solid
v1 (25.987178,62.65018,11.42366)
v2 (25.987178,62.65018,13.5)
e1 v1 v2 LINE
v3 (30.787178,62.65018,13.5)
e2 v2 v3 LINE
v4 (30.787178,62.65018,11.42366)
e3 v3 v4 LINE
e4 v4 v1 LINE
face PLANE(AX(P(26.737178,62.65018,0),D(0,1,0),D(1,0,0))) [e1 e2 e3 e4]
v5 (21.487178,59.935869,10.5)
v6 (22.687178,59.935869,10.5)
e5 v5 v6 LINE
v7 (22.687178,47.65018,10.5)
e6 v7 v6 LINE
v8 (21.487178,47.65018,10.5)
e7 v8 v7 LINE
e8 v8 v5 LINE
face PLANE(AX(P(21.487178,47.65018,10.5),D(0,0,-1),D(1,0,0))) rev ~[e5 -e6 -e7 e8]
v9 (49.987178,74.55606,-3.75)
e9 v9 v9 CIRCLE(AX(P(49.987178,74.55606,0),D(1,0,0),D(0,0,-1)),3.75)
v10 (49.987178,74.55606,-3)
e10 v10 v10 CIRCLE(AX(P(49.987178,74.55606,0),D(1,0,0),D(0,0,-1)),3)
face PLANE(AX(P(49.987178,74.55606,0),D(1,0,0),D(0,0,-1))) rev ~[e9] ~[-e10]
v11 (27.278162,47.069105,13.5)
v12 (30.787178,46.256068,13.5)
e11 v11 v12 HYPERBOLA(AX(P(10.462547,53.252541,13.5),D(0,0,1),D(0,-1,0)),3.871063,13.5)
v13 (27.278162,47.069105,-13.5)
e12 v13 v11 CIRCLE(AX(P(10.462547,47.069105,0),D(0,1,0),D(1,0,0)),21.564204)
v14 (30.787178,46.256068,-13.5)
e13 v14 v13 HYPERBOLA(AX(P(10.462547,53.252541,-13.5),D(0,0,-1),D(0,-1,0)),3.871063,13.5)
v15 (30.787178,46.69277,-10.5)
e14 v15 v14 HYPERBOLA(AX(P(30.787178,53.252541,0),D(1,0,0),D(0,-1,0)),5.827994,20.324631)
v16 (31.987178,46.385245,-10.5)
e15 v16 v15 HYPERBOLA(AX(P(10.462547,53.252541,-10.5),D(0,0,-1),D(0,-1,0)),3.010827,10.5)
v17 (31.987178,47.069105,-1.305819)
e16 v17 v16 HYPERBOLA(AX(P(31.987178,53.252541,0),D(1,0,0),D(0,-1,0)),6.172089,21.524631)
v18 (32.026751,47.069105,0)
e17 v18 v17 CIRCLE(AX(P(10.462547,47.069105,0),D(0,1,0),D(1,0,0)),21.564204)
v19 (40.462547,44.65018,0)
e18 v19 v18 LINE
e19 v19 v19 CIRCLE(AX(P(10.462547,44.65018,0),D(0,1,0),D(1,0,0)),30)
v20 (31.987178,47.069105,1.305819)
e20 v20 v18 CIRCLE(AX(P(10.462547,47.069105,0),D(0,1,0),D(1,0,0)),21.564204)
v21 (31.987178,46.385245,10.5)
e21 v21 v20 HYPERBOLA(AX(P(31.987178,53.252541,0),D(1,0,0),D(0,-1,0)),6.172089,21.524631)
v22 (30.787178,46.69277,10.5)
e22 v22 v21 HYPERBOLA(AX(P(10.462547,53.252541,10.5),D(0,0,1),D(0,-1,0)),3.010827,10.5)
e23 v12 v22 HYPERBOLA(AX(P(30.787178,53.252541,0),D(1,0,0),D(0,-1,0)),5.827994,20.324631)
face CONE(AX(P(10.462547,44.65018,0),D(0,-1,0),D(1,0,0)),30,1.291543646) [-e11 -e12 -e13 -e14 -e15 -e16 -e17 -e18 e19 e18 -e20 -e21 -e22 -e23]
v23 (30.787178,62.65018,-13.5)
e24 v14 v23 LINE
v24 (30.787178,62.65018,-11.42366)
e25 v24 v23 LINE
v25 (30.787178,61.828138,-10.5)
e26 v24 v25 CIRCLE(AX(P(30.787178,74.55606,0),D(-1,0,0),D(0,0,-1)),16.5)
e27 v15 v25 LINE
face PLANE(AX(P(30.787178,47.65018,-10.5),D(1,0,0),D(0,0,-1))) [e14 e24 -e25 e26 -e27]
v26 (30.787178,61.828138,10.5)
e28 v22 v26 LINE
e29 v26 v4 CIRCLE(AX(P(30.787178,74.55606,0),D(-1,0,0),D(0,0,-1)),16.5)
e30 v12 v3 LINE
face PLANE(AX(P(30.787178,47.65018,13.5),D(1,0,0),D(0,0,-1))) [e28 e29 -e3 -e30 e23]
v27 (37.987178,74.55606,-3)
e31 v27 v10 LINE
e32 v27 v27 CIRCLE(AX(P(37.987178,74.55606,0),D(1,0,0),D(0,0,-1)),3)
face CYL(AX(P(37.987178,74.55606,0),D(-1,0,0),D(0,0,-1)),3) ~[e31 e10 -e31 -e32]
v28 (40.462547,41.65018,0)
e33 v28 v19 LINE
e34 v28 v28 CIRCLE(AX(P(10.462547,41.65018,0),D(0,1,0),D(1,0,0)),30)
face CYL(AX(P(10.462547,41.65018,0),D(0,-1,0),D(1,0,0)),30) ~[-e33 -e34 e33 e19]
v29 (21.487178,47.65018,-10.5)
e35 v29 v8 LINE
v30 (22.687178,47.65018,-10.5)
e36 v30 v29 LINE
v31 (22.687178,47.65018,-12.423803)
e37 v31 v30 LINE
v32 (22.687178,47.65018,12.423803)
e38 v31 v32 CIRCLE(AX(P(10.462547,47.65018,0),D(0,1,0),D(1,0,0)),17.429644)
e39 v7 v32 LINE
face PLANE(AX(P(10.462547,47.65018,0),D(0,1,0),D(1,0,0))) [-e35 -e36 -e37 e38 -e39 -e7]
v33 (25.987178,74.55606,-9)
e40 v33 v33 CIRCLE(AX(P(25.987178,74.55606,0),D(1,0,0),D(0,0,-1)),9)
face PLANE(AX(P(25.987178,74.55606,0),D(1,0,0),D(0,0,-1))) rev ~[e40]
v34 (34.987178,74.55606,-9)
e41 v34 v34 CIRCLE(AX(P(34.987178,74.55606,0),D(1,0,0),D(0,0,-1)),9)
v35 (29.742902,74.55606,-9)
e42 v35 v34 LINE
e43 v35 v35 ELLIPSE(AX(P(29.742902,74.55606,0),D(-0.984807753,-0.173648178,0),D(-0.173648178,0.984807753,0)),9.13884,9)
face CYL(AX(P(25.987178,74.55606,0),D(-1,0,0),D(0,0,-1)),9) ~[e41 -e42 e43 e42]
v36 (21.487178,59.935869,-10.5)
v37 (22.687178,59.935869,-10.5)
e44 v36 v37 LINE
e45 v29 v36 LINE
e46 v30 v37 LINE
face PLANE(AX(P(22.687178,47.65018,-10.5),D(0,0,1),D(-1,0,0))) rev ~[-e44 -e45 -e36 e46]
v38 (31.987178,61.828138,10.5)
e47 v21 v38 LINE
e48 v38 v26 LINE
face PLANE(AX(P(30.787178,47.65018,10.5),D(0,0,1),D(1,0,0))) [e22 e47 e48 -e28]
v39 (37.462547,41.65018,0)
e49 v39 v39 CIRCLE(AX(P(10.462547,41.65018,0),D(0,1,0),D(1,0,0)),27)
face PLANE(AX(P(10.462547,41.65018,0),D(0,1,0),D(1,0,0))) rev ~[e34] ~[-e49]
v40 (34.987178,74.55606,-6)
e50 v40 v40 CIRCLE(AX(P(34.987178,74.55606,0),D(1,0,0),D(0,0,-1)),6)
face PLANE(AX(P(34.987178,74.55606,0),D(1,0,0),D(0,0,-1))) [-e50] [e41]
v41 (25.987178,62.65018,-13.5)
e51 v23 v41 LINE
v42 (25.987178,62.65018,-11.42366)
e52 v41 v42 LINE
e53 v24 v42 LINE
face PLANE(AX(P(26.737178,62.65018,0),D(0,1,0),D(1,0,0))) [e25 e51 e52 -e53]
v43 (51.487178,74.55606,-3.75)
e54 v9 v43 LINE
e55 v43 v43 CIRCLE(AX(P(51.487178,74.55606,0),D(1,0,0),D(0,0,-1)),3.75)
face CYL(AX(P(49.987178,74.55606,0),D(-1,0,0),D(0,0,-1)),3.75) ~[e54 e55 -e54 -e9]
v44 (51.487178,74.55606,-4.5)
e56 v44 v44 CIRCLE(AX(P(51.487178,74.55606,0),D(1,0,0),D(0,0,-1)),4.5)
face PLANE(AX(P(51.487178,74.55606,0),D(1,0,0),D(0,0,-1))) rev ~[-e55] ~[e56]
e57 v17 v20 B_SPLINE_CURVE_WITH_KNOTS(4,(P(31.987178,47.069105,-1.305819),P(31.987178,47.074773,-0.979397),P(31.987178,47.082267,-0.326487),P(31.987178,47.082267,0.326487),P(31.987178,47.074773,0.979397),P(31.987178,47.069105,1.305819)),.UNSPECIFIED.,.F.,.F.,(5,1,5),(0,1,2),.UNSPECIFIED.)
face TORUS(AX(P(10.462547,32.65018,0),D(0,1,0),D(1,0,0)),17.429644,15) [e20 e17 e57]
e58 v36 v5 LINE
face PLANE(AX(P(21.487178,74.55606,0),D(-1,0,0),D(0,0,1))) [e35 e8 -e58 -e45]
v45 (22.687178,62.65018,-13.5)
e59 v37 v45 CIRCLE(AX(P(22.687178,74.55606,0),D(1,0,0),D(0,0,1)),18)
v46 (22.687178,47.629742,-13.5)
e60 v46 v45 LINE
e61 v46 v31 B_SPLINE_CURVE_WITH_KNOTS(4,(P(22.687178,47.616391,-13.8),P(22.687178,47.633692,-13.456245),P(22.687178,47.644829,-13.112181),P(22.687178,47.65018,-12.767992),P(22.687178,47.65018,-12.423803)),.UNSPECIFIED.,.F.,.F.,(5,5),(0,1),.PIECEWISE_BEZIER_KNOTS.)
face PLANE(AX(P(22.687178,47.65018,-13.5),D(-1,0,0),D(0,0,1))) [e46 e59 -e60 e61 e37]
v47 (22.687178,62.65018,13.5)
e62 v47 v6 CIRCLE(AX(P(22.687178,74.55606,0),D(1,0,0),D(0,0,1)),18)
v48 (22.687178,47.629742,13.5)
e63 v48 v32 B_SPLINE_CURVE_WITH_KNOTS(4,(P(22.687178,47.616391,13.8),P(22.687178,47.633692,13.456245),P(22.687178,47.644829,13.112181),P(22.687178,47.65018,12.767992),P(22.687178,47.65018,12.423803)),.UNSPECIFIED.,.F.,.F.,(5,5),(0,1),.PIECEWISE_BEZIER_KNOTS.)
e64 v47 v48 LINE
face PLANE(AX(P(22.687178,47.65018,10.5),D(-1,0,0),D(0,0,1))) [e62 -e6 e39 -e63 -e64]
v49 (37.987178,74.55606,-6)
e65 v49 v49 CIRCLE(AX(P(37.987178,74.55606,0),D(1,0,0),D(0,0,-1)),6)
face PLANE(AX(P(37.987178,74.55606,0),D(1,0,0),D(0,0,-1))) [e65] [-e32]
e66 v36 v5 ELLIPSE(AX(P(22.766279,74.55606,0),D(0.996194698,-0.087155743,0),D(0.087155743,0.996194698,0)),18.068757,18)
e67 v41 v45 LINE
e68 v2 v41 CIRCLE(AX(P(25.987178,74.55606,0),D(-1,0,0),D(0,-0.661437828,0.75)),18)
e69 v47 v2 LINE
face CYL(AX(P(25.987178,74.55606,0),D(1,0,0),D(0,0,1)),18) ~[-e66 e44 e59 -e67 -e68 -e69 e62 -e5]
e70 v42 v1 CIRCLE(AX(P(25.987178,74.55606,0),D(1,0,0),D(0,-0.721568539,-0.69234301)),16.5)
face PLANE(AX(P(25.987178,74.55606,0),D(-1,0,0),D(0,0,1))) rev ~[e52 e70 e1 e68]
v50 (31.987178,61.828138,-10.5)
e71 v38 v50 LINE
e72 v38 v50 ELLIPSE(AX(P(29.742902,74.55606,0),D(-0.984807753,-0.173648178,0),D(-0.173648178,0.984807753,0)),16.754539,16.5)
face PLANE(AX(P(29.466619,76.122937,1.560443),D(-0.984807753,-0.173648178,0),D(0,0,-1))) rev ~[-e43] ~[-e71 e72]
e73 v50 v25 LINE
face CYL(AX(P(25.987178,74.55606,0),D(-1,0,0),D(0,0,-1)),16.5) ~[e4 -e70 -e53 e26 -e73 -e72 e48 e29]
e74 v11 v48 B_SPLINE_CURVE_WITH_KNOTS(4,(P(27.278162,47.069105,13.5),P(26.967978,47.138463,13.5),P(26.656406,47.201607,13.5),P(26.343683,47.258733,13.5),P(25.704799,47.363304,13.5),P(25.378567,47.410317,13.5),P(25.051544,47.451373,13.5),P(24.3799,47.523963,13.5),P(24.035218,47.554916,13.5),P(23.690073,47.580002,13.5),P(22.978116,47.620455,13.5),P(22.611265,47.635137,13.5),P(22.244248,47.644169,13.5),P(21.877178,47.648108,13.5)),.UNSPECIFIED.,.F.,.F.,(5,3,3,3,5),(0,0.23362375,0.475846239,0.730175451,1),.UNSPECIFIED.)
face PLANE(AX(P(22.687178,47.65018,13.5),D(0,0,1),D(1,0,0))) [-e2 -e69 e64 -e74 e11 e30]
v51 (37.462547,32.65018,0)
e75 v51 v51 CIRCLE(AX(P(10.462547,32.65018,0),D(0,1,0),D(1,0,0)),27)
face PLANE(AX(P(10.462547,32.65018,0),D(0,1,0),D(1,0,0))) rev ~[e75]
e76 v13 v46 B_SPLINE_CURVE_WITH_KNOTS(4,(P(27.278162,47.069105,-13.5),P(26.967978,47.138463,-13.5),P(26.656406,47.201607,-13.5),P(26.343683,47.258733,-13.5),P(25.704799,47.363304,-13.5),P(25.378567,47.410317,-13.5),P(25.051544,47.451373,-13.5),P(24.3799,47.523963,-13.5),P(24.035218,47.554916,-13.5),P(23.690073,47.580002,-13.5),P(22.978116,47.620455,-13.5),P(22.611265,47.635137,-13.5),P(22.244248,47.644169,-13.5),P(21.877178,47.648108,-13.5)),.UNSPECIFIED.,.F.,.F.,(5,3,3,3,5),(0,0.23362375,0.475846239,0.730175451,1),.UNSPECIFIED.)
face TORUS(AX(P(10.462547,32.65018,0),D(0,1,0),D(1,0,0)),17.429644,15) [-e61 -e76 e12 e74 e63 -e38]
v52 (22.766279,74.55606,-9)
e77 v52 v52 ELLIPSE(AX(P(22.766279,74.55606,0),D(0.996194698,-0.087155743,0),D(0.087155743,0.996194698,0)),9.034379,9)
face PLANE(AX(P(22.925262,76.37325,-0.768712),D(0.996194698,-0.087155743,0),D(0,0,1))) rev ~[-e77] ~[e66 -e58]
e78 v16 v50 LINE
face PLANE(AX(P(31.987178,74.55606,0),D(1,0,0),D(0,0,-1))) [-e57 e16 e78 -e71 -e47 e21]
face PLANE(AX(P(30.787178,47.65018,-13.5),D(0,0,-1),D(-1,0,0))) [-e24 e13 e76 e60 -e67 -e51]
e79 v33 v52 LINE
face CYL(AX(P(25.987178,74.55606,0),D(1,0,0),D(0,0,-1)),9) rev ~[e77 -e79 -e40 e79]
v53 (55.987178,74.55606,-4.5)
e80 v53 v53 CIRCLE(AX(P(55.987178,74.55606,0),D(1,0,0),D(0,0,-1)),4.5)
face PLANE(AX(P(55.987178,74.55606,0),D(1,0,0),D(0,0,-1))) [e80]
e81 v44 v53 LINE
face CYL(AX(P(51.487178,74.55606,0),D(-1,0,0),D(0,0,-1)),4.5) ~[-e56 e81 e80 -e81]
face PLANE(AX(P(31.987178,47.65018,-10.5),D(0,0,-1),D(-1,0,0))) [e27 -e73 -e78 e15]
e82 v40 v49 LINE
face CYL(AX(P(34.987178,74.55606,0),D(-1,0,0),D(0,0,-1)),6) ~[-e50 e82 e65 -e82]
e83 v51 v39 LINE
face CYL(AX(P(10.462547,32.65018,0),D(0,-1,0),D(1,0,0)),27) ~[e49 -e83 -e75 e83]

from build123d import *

# Parameters (mm, degrees)
SKETCH2_R                = 90
BOSS_EXTRUDE1_DEPTH      = 30
SKETCH3_R                = 100
BOSS_EXTRUDE2_DEPTH      = 20
CHAMFER1_SIZE            = 10
CHAMFER1_SIZE2           = 34.874144438
FILLET1_R                = 50
BOSS_EXTRUDE4_DEPTH      = 50
BOSS_EXTRUDE4_DEPTH_BACK = 5
SKETCH6_R                = 60
BOSS_EXTRUDE5_DEPTH      = 15
SKETCH7_R                = 55
SKETCH7_R_2              = 30
BOSS_EXTRUDE7_DEPTH      = 20
SKETCH9_W                = 143.392234206
SKETCH9_H                = 131.269767686
CUT_EXTRUDE1_DEPTH       = 20
SKETCH11_W               = 139.139474439
SKETCH11_H               = 119.959032869
CUT_EXTRUDE2_DEPTH       = 20
SKETCH7_4_R              = 30
BOSS_EXTRUDE9_DEPTH      = 30
SKETCH12_R               = 20
BOSS_EXTRUDE10_DEPTH     = 10
SKETCH13_R               = 10
BOSS_EXTRUDE11_DEPTH     = 40
SKETCH14_R               = 12.5
BOSS_EXTRUDE12_DEPTH     = 5
CUT_EXTRUDE3_START       = -15
SKETCH7_5_R              = 30
CUT_EXTRUDE3_DEPTH       = 15
SKETCH16_R               = 15
BOSS_EXTRUDE13_DEPTH     = 15
SCALE1_SCALE             = 0.3


with BuildPart() as part:
    # Sketch2 → Boss-Extrude1 (new body)
    with BuildSketch(Plane(origin=(0, 0, 0), x_dir=(1, 0, 0), z_dir=(0, 1, 0))):
        Circle(SKETCH2_R)
    extrude(amount=BOSS_EXTRUDE1_DEPTH)

    # Sketch3 → Boss-Extrude2 (add)
    with BuildSketch(Plane(origin=(0, 30, 0), x_dir=(1, 0, 0), z_dir=(0, 1, 0))):
        Circle(SKETCH3_R)
    extrude(amount=BOSS_EXTRUDE2_DEPTH)

    # Chamfer1
    chamfer1_edges = [part.edges().sort_by_distance(p)[0] for p in [
        (-100, 50, 0),
    ]]
    chamfer1_side = [part.faces().sort_by_distance(p)[0] for p in [
        (-100, 40, 0),
    ]]
    chamfer(chamfer1_edges, length=CHAMFER1_SIZE, length2=CHAMFER1_SIZE2, reference=chamfer1_side[0])

    # Fillet1
    fillet1_edges = [part.edges().sort_by_distance(p)[0] for p in [
        (-65.125855562, 50, 0),
    ]]
    fillet(fillet1_edges, radius=FILLET1_R)

    # Sketch5 → Boss-Extrude4 (add, two sides: drawn at the far end of the back side and taken through both)
    with BuildSketch(Plane(origin=(0, 50, 0), x_dir=(1, 0, 0), z_dir=(0, 1, 0)).offset(-BOSS_EXTRUDE4_DEPTH_BACK)):
        Polygon((40.748770973, -45), (67.748770973, -45), (67.748770973, -35), (71.748770973, -35), (71.748770973, 35), (67.748770973, 35), (67.748770973, 45), (40.748770973, 45), (40.748770973, 35), (36.748770973, 35), (36.748770973, -35), (40.748770973, -35), align=None)
    extrude(amount=BOSS_EXTRUDE4_DEPTH + BOSS_EXTRUDE4_DEPTH_BACK)

    # Sketch6 → Boss-Extrude5 (add)
    with BuildSketch(Plane.ZY.offset(-51.748770973)):
        with Locations((0, 139.686269666)):
            Circle(SKETCH6_R)
    extrude(amount=BOSS_EXTRUDE5_DEPTH)

    # Sketch7 → Boss-Extrude7 (add)
    with BuildSketch(Plane(origin=(51.748770973, 0, 0), x_dir=(0, 0, -1), z_dir=(1, 0, 0))):
        with Locations((0, 139.686269666)):
            Circle(SKETCH7_R)
        with Locations((0, 139.686269666)):
            Circle(SKETCH7_R_2, mode=Mode.SUBTRACT)
    extrude(amount=BOSS_EXTRUDE7_DEPTH)

    # Sketch9 → Cut-Extrude1 (cut)
    with BuildSketch(Plane(origin=(28.572772375, -2.499793668, 0), x_dir=(0, 0, 1), z_dir=(0.9961946980917461, -0.08715574274765156, 0))):
        with Locations((-2.562372985, -148.809625911)):
            Rectangle(SKETCH9_W, SKETCH9_H)
    extrude(amount=-CUT_EXTRUDE1_DEPTH, mode=Mode.SUBTRACT)

    # Sketch11 → Cut-Extrude2 (cut)
    with BuildSketch(Plane(origin=(86.21769691, 15.20250618, 0), x_dir=(0, 0, -1), z_dir=(-0.9848077530122091, -0.17364817766692414, 0))):
        with Locations((-5.201475679, -131.70762118)):
            Rectangle(SKETCH11_W, SKETCH11_H)
    extrude(amount=-CUT_EXTRUDE2_DEPTH, mode=Mode.SUBTRACT)

    # Sketch7<4> → Boss-Extrude9 (add)
    with BuildSketch(Plane(origin=(51.748770973, 0, 0), x_dir=(0, 0, -1), z_dir=(1, 0, 0))):
        with Locations((0, 139.686269666)):
            Circle(SKETCH7_4_R)
    extrude(amount=BOSS_EXTRUDE9_DEPTH)

    # Sketch12 → Boss-Extrude10 (add)
    with BuildSketch(Plane(origin=(81.748770973, 0, 0), x_dir=(0, 0, -1), z_dir=(1, 0, 0))):
        with Locations((0, 139.686269666)):
            Circle(SKETCH12_R)
    extrude(amount=BOSS_EXTRUDE10_DEPTH)

    # Sketch13 → Boss-Extrude11 (add)
    with BuildSketch(Plane(origin=(91.748770973, 0, 0), x_dir=(0, 0, -1), z_dir=(1, 0, 0))):
        with Locations((0, 139.686269666)):
            Circle(SKETCH13_R)
    extrude(amount=BOSS_EXTRUDE11_DEPTH)

    # Sketch14 → Boss-Extrude12 (add)
    with BuildSketch(Plane(origin=(131.748770973, 0, 0), x_dir=(0, 0, -1), z_dir=(1, 0, 0))):
        with Locations((0, 139.686269666)):
            Circle(SKETCH14_R)
    extrude(amount=BOSS_EXTRUDE12_DEPTH)

    # Sketch7<5> → Cut-Extrude3 (cut)
    with BuildSketch(Plane(origin=(51.748770973, 0, 0), x_dir=(0, 0, -1), z_dir=(1, 0, 0)).offset(CUT_EXTRUDE3_START)):
        with Locations((0, 139.686269666)):
            Circle(SKETCH7_5_R)
    extrude(amount=CUT_EXTRUDE3_DEPTH, mode=Mode.SUBTRACT)

    # Sketch16 → Boss-Extrude13 (add)
    with BuildSketch(Plane(origin=(136.748770973, 0, 0), x_dir=(0, 0, -1), z_dir=(1, 0, 0))):
        with Locations((0, 139.686269666)):
            Circle(SKETCH16_R)
    extrude(amount=BOSS_EXTRUDE13_DEPTH)


with BuildPart() as part_1:
    # Scale1: scaled about (14.94649503, 46.643113712, 0)
    add(part.part.scale(SCALE1_SCALE).moved(Location((10.462546521, 32.650179598, 0))))


solid = part_1.part
